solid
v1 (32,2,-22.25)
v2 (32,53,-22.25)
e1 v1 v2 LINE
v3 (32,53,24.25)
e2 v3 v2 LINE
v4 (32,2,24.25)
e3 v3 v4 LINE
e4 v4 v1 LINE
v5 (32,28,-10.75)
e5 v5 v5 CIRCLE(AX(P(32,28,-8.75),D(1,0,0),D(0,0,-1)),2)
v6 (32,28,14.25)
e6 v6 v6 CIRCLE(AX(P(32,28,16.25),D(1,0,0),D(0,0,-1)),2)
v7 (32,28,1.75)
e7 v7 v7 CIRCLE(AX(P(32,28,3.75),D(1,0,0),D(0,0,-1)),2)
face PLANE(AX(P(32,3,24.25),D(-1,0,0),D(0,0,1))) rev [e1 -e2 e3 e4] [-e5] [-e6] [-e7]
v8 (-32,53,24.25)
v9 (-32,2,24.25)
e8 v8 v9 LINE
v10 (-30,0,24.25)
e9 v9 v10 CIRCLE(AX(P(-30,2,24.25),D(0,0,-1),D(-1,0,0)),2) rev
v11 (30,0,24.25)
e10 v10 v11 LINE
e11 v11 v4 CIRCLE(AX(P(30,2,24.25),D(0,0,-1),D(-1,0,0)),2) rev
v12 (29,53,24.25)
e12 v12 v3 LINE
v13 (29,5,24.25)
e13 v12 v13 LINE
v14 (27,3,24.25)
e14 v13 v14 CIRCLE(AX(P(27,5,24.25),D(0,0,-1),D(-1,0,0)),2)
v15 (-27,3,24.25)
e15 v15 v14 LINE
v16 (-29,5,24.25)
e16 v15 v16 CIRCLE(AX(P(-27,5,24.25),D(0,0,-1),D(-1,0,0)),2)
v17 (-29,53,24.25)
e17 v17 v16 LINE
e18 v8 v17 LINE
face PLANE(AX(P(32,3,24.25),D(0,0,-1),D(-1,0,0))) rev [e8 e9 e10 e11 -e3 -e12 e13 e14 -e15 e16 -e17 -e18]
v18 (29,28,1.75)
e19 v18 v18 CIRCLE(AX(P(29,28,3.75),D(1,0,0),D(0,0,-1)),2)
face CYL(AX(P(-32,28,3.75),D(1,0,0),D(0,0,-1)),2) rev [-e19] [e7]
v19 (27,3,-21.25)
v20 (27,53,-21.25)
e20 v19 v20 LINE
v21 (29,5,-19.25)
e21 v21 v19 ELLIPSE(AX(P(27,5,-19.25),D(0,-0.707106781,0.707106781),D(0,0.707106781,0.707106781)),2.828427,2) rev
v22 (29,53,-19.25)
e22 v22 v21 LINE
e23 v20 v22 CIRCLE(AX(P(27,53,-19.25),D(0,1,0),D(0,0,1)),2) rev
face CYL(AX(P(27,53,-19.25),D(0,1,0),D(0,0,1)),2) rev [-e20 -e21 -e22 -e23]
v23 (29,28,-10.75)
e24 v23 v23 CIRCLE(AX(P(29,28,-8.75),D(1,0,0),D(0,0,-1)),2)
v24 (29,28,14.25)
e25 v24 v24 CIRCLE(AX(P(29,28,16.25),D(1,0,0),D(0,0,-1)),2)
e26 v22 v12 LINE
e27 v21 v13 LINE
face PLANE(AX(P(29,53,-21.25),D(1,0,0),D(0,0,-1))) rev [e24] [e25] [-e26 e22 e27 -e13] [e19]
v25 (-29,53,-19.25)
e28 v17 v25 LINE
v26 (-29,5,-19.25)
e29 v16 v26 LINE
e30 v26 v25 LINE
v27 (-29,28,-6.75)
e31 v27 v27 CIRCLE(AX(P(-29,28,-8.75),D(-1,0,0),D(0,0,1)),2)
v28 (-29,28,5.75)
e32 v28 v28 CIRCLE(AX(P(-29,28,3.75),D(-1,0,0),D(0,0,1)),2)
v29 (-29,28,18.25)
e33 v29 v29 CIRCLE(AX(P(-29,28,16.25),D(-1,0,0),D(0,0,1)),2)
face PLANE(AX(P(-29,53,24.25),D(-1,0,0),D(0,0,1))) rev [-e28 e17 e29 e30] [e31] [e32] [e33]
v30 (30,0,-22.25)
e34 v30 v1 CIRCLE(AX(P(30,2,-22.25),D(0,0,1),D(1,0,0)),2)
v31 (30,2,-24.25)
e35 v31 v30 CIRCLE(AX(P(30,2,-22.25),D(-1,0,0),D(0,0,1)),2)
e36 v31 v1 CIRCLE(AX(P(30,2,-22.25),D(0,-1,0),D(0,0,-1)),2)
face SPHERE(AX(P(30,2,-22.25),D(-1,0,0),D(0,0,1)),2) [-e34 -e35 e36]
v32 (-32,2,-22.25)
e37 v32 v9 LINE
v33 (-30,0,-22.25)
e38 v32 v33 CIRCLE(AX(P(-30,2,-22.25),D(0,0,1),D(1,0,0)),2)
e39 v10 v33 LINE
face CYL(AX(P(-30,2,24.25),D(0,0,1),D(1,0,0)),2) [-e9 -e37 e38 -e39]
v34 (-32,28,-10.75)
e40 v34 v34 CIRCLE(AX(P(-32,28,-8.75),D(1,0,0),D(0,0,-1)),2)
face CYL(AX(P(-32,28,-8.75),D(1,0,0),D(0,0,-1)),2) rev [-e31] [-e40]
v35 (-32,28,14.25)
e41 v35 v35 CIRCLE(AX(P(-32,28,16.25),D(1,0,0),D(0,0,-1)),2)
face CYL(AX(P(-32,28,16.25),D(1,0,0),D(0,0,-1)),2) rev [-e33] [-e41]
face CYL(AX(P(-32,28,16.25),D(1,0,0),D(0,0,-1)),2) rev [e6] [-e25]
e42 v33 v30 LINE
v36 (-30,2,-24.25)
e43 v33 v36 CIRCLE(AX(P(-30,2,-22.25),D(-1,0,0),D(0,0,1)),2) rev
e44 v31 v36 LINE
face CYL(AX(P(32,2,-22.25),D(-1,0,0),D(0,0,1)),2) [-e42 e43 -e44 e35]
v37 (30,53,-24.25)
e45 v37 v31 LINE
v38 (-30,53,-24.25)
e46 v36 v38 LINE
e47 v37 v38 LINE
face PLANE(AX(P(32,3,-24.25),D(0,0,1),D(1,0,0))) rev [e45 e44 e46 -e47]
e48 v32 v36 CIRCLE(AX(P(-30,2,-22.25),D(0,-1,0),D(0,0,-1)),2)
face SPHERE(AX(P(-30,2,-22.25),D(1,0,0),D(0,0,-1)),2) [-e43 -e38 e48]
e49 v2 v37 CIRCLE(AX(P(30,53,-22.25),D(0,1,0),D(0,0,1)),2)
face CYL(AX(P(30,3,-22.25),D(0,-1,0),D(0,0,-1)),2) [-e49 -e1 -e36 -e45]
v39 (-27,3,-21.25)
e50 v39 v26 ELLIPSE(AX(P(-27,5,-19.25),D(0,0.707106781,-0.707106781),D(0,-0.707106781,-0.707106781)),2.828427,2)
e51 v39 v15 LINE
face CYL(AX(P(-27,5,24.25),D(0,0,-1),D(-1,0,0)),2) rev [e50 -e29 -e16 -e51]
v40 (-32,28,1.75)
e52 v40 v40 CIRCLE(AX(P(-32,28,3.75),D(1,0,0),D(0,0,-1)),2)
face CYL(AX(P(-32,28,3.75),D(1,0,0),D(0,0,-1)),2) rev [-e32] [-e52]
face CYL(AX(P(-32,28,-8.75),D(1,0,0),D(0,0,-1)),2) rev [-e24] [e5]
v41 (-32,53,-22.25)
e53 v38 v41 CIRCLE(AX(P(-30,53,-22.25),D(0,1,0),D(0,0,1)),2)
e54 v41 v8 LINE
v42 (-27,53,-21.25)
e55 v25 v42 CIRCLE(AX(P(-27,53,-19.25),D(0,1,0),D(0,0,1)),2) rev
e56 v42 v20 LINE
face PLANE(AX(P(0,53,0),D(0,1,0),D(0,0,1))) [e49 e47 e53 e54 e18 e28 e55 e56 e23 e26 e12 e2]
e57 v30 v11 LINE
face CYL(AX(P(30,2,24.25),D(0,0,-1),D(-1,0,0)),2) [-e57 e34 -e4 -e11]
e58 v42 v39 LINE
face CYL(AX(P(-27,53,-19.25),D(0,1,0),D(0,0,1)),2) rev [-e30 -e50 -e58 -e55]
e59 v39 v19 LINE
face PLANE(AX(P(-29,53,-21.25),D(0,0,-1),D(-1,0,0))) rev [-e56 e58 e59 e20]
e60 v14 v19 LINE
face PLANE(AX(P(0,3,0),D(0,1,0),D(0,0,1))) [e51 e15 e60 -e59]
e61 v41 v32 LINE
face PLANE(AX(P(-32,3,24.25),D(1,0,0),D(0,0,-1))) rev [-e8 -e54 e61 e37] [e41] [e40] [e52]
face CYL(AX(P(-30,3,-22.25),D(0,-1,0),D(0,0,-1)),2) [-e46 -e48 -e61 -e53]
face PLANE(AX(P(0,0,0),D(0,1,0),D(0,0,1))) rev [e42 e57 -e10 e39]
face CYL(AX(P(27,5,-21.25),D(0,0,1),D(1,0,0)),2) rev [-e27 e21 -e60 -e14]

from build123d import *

# Parameters (mm, degrees)
SKETCH_1_W          = 64
SKETCH_1_H          = 48.5
EXTRUDE_1_DEPTH     = 3
EXTRUDE_2_DEPTH     = 50
FILLET_2_R          = 2
SKETCH_3_R          = 2
CUT_EXTRUDE_1_DEPTH = 65
FILLET_3_R          = 2


with BuildPart() as part:
    # Эскиз1 → Бобышка-Вытянуть1 (new body)
    with BuildSketch(Plane(origin=(0, 0, 0), x_dir=(1, 0, 0), z_dir=(0, 1, 0))):
        Rectangle(SKETCH_1_W, SKETCH_1_H)
    extrude(amount=EXTRUDE_1_DEPTH)

    # Эскиз2 → Бобышка-Вытянуть2 (add)
    with BuildSketch(Plane(origin=(0, 3, 0), x_dir=(1, 0, 0), z_dir=(0, 1, 0))):
        Polygon((-32, -24.25), (-32, 24.25), (32, 24.25), (32, -24.25), (29, -24.25), (29, 21.25), (-29, 21.25), (-29, -24.25), align=None)
    extrude(amount=EXTRUDE_2_DEPTH)

    # Скругление2
    fillet_2_edges = [part.edges().sort_by_distance(p)[0] for p in [
        (0, 0, -24.25),
    ]]
    fillet(fillet_2_edges, radius=FILLET_2_R)

    # Эскиз3 → Вырез-Вытянуть1 (cut, through all)
    with BuildSketch(Plane(origin=(32, 0, 0), x_dir=(0, 0, -1), z_dir=(1, 0, 0))):
        with Locations((8.75, 28)):
            Circle(SKETCH_3_R)
        with Locations((-3.75, 28)):
            Circle(SKETCH_3_R)
        with Locations((-16.25, 28)):
            Circle(SKETCH_3_R)
    extrude(amount=-CUT_EXTRUDE_1_DEPTH, mode=Mode.SUBTRACT)

    # Скругление3
    fillet_3_edges = [part.edges().sort_by_distance(p)[0] for p in [
        (-29, 3, 1.5),
        (-29, 28, -21.25),
        (29, 3, 1.5),
        (29, 28, -21.25),
        (-32, 0, 1),
        (-32, 0.585786438, -23.664213562),
        (32, 0.585786438, -23.664213562),
        (32, 0, 1),
        (-32, 27.5, -24.25),
        (32, 27.5, -24.25),
    ]]
    fillet(fillet_3_edges, radius=FILLET_3_R)


solid = part.part
